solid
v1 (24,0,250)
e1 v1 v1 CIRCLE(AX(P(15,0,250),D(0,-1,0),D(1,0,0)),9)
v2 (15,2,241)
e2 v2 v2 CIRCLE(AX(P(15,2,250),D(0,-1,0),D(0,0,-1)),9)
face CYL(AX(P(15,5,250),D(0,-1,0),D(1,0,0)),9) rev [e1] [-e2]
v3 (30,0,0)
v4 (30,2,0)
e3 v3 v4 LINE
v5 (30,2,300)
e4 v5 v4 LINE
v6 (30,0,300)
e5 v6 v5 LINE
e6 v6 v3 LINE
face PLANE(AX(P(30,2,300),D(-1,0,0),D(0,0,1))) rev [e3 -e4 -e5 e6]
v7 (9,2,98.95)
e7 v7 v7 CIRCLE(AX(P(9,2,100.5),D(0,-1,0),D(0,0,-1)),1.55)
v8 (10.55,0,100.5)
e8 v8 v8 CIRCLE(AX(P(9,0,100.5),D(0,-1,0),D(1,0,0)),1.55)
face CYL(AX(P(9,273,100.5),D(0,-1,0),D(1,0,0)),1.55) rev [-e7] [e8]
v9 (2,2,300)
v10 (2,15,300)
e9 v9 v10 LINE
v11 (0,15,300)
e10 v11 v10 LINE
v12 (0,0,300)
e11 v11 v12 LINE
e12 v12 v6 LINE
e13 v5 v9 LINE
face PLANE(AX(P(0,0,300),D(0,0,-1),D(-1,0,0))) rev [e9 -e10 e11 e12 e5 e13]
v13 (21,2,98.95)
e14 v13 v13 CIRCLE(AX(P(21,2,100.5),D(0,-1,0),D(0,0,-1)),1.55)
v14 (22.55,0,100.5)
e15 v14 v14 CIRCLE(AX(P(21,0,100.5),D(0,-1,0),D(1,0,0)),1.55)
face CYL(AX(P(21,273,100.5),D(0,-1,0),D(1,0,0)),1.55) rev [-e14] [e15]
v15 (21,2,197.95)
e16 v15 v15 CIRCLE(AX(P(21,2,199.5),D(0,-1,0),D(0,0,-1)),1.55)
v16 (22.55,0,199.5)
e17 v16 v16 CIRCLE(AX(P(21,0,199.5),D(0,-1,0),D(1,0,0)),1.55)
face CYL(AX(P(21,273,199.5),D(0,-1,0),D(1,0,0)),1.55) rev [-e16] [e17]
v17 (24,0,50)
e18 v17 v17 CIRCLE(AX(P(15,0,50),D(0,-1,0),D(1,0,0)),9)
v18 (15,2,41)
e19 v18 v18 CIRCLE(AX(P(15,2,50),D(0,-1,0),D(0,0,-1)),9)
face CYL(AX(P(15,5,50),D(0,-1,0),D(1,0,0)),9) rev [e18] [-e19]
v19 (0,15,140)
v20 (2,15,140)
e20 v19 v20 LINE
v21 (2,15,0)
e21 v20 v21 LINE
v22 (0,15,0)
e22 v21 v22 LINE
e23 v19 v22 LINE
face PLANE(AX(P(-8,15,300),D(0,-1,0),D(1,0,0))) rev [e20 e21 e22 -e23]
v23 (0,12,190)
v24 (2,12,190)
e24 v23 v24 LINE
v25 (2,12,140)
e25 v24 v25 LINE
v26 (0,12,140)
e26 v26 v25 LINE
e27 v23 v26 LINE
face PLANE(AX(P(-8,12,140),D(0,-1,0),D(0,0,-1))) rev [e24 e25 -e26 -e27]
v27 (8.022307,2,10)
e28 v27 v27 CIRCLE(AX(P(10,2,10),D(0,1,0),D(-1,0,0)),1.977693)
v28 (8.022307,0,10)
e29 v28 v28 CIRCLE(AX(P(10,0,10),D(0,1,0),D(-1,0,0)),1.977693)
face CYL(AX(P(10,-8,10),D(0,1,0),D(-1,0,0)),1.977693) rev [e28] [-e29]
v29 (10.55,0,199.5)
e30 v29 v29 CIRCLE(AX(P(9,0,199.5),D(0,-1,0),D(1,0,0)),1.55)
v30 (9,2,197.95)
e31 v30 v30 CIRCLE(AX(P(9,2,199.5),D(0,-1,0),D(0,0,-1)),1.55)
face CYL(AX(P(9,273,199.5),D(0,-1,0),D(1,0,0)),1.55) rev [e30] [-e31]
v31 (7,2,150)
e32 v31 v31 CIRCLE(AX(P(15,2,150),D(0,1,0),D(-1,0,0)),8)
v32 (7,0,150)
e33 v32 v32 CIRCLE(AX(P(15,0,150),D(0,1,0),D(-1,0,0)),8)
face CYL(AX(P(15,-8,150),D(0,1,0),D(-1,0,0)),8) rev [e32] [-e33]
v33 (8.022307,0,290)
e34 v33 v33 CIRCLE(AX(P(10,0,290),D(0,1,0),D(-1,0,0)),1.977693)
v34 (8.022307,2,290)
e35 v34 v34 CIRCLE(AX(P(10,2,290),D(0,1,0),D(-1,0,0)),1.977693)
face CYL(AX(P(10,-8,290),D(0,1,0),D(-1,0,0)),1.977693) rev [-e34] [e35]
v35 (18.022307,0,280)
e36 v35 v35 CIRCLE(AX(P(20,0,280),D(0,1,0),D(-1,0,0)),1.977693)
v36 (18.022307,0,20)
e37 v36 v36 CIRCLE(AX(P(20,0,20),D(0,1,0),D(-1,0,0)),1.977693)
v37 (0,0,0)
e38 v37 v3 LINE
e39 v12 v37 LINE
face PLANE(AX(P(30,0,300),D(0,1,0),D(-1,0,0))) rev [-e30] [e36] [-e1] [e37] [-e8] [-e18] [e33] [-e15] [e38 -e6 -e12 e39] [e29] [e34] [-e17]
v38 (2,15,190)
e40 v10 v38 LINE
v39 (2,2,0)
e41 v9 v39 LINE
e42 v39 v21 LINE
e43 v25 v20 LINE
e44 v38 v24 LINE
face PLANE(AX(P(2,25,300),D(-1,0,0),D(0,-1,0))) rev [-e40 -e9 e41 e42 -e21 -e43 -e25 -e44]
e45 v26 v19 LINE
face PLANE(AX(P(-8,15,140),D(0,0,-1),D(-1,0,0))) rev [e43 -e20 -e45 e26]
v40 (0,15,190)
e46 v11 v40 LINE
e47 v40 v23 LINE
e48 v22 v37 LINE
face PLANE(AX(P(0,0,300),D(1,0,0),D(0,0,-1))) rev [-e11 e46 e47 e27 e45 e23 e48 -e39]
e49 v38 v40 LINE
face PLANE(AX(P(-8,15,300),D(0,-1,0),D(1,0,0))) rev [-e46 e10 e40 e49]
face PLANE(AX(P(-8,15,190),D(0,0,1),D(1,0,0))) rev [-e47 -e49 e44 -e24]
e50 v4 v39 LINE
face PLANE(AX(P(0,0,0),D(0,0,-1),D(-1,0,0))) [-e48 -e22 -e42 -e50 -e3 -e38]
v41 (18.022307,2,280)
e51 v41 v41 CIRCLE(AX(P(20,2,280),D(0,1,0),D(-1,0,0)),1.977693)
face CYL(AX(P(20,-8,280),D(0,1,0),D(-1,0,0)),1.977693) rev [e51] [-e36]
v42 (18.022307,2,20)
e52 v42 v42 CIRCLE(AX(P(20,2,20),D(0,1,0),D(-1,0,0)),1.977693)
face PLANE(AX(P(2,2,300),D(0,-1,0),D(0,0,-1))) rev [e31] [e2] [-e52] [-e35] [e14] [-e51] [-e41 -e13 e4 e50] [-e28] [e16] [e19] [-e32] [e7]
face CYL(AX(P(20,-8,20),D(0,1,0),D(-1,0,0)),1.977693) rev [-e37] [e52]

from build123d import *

# Parameters (mm, degrees)
BOSS_EXTRUDE1_DEPTH = 300
SKETCH2_R           = 8
SKETCH2_R_2         = 1.977693409
CUT_EXTRUDE1_DEPTH  = 10
SKETCH3_W           = 300
SKETCH3_H           = 10
CUT_EXTRUDE2_DEPTH  = 10
SKETCH4_W           = 50
SKETCH4_H           = 3
CUT_EXTRUDE3_DEPTH  = 10
SKETCH5_R           = 1.55
CUT_EXTRUDE4_DEPTH  = 273
SKETCH6_R           = 9
CUT_EXTRUDE5_DEPTH  = 5


with BuildPart() as part:
    # Sketch1 → Boss-Extrude1 (new body)
    with BuildSketch(Plane.XY):
        Polygon((0, 0), (0, 25), (2, 25), (2, 2), (30, 2), (30, 0), align=None)
    extrude(amount=BOSS_EXTRUDE1_DEPTH)

    # Sketch2 → Cut-Extrude1 (cut)
    with BuildSketch(Plane(origin=(0, 2, 0), x_dir=(1, 0, 0), z_dir=(0, 1, 0))):
        with Locations(Location((15, -150, 0), (0, 0, 180))):
            Circle(SKETCH2_R)
        with Locations(Location((10, -10, 0), (0, 0, 180))):
            Circle(SKETCH2_R_2)
        with Locations(Location((20, -20, 0), (0, 0, 180))):
            Circle(SKETCH2_R_2)
        with Locations(Location((10, -290, 0), (0, 0, 180))):
            Circle(SKETCH2_R_2)
        with Locations(Location((20, -280, 0), (0, 0, 180))):
            Circle(SKETCH2_R_2)
    extrude(amount=-CUT_EXTRUDE1_DEPTH, mode=Mode.SUBTRACT)

    # Sketch3 → Cut-Extrude2 (cut)
    with BuildSketch(Plane(origin=(2, 0, 0), x_dir=(0, 0, -1), z_dir=(1, 0, 0))):
        with Locations((-150, 20)):
            Rectangle(SKETCH3_W, SKETCH3_H)
    extrude(amount=-CUT_EXTRUDE2_DEPTH, mode=Mode.SUBTRACT)

    # Sketch4 → Cut-Extrude3 (cut)
    with BuildSketch(Plane(origin=(2, 0, 0), x_dir=(0, 0, -1), z_dir=(1, 0, 0))):
        with Locations((-165, 13.5)):
            Rectangle(SKETCH4_W, SKETCH4_H)
    extrude(amount=-CUT_EXTRUDE3_DEPTH, mode=Mode.SUBTRACT)

    # Sketch5 → Cut-Extrude4 (cut)
    with BuildSketch(Plane.XZ):
        with Locations((21, 199.5)):
            Circle(SKETCH5_R)
        with Locations((9, 199.5)):
            Circle(SKETCH5_R)
        with Locations((21, 100.5)):
            Circle(SKETCH5_R)
        with Locations((9, 100.5)):
            Circle(SKETCH5_R)
    extrude(amount=-CUT_EXTRUDE4_DEPTH, mode=Mode.SUBTRACT)

    # Sketch6 → Cut-Extrude5 (cut)
    with BuildSketch(Plane.XZ):
        with Locations((15, 250)):
            Circle(SKETCH6_R)
        with Locations((15, 50)):
            Circle(SKETCH6_R)
        with Locations((-238, 50)):
            Circle(SKETCH6_R)
        with Locations((-238, 250)):
            Circle(SKETCH6_R)
    extrude(amount=-CUT_EXTRUDE5_DEPTH, mode=Mode.SUBTRACT)


solid = part.part
